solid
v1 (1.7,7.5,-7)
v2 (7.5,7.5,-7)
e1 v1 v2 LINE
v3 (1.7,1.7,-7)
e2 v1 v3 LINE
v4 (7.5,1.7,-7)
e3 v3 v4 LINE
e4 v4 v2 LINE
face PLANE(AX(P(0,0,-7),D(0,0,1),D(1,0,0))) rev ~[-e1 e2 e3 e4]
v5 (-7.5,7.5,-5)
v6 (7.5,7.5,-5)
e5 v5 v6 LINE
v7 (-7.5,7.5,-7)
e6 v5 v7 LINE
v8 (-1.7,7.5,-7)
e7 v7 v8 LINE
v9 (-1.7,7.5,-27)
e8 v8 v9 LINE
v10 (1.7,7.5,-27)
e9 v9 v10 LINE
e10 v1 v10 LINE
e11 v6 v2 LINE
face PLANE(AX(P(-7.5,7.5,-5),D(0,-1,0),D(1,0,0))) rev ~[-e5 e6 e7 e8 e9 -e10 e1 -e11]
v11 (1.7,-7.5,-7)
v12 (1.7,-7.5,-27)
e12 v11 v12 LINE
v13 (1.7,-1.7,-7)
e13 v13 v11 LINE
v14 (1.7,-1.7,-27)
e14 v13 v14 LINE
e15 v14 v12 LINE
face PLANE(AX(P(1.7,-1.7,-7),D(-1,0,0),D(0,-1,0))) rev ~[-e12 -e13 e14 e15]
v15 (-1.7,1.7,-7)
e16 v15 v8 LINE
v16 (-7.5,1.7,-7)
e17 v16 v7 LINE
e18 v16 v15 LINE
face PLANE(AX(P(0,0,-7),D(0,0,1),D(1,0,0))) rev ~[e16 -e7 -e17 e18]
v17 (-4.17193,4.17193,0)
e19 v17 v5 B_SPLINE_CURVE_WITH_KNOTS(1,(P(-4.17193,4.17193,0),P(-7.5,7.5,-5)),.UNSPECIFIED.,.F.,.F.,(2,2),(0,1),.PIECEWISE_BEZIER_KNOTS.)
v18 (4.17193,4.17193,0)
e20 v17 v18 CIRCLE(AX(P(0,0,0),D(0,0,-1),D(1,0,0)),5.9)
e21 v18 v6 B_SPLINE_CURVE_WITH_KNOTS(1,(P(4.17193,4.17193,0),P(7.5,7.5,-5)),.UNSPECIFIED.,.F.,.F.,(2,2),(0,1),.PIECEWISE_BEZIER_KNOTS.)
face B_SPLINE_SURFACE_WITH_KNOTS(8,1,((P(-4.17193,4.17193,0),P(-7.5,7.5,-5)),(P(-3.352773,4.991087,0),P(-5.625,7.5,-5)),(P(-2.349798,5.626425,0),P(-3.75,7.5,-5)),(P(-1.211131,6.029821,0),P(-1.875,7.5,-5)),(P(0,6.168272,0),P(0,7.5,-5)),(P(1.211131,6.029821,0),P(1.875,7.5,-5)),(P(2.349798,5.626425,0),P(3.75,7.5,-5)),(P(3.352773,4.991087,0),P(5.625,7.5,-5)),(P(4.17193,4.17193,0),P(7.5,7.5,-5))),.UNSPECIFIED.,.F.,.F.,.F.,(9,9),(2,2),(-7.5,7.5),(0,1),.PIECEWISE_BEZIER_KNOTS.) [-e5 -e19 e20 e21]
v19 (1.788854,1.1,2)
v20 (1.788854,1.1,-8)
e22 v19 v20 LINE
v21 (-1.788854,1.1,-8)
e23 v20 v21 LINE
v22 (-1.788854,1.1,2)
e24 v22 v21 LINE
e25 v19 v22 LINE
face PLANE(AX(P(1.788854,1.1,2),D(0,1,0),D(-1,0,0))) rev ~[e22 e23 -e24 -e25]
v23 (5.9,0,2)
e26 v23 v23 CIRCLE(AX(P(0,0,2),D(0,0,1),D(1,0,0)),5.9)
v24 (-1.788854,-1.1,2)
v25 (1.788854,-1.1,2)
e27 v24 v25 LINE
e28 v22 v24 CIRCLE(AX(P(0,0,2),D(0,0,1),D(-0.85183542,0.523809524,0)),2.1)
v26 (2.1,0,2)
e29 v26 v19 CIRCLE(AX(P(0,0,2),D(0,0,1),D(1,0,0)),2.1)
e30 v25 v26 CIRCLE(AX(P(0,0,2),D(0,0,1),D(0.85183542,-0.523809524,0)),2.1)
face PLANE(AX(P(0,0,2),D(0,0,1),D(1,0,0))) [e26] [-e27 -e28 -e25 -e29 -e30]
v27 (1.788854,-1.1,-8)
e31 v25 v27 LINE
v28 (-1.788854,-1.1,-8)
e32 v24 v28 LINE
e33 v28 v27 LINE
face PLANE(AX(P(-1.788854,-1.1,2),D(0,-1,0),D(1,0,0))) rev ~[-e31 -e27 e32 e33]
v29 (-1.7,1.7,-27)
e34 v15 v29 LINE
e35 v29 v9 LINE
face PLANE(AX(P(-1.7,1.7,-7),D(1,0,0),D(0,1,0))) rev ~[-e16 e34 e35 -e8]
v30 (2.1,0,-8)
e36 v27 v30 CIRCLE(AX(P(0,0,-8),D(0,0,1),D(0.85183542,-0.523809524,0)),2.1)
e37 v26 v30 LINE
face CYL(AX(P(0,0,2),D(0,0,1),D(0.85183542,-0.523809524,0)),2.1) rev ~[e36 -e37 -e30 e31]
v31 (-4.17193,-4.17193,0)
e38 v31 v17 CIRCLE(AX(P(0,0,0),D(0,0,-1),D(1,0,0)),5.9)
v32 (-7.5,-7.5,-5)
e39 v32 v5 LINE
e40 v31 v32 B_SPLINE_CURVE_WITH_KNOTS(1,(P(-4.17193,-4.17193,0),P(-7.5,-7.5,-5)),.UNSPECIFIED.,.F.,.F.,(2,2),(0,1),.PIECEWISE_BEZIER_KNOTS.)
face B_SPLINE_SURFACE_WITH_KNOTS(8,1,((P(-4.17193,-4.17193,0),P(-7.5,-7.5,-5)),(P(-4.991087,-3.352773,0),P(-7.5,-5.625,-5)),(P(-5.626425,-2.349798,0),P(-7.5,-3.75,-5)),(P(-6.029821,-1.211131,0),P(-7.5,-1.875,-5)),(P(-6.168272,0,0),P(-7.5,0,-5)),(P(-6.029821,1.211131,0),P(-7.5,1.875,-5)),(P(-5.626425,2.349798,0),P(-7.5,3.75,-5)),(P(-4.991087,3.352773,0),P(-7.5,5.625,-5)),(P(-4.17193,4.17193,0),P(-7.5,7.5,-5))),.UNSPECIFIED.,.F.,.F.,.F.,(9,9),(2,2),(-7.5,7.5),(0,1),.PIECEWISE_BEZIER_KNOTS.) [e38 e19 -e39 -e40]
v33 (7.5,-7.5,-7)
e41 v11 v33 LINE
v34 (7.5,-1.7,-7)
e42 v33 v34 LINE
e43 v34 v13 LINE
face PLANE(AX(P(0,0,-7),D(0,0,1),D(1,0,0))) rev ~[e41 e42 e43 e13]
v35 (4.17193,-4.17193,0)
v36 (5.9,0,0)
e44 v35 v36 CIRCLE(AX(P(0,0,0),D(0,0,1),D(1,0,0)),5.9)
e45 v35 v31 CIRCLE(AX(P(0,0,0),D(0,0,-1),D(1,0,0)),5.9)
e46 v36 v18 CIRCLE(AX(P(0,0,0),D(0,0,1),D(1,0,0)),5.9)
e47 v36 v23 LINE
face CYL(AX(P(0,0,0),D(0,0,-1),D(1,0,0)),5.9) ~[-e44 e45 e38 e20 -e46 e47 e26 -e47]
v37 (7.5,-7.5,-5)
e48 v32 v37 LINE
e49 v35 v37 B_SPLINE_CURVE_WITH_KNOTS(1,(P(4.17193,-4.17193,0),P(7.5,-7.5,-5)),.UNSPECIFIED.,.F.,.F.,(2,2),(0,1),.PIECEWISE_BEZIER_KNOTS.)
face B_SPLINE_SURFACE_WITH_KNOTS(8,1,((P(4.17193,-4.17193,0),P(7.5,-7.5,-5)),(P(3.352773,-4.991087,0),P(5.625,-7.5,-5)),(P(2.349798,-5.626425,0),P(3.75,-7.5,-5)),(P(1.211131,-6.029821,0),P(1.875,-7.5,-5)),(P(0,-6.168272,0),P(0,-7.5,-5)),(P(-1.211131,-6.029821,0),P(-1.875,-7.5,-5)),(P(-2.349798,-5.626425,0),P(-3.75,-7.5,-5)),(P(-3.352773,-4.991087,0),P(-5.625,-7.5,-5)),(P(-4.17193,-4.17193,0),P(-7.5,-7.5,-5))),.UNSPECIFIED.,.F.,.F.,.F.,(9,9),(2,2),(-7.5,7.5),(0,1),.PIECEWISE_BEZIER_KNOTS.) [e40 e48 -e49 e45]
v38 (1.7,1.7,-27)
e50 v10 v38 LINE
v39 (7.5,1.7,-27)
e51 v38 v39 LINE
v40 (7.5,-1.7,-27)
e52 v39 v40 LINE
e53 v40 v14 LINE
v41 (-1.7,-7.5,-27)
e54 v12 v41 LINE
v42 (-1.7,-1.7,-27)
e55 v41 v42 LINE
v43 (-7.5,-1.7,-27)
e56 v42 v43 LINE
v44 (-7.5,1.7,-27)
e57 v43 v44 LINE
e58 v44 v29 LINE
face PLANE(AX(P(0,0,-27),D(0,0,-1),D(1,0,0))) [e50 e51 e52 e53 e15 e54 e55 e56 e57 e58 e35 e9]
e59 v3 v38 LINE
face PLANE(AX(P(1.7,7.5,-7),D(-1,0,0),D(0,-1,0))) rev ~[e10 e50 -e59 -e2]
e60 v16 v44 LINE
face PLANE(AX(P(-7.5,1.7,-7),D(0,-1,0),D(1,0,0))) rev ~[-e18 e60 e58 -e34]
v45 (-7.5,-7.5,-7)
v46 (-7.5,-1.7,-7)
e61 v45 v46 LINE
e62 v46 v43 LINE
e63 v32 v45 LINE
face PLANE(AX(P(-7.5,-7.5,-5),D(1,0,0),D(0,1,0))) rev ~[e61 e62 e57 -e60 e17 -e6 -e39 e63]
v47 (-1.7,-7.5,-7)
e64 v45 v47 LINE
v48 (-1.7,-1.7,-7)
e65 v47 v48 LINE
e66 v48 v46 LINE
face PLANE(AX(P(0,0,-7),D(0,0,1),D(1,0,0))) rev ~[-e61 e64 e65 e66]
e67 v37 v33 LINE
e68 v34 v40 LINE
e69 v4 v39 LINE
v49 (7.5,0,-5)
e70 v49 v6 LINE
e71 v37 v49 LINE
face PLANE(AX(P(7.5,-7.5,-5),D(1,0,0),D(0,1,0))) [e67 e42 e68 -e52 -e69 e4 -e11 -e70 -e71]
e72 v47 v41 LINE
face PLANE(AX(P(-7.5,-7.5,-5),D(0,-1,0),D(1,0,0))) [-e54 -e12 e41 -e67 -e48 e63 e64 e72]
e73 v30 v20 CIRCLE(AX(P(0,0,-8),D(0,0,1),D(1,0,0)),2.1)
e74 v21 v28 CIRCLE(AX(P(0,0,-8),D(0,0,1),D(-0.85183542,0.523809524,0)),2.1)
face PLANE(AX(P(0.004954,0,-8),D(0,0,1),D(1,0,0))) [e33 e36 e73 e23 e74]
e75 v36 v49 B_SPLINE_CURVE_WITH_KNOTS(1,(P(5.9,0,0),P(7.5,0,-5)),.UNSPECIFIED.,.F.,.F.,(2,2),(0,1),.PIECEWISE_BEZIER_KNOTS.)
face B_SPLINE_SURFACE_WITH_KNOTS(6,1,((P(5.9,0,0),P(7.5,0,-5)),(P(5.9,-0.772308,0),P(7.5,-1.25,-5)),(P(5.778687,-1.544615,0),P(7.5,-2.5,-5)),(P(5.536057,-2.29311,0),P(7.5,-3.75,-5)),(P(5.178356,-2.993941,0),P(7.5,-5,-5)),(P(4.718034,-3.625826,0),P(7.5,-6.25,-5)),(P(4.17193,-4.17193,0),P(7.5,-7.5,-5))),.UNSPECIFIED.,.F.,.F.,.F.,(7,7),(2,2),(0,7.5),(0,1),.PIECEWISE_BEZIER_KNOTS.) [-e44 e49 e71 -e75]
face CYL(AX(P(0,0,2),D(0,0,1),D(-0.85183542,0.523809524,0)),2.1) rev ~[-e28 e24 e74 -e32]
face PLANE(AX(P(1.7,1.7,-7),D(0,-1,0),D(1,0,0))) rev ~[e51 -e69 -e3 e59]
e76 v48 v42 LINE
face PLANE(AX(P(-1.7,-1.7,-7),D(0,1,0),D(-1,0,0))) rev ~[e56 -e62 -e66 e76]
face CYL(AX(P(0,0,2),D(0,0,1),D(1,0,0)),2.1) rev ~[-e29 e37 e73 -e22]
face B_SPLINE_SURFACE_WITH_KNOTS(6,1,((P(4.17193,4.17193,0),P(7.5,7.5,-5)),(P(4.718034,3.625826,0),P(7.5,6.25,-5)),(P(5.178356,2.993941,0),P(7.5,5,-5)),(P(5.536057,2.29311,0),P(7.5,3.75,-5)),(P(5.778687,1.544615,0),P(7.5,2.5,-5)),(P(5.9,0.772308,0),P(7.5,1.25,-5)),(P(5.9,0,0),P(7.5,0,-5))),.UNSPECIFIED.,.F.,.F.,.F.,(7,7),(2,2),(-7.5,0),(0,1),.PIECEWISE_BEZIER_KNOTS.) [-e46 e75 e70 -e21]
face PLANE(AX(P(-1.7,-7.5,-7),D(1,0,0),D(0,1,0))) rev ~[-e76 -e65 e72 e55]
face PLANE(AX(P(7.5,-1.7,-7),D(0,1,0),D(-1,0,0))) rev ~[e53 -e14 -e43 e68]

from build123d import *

# Parameters (mm, degrees)
F0_R      = 3.9
F0_R_2    = 2.4
F1_DEPTH  = 2
F0_R_3    = 5.9
F2_DEPTH  = 2
F4_W      = 15
F4_H      = 15
F5_DEPTH  = 2
F2_FACE_R = 5.9
F5_FACE_W = 15
F5_FACE_H = 15
F8_DEPTH  = 20
F10_DEPTH = 10


with BuildPart() as f1:
    # F0 (on Top) → F1 (new body)
    with BuildSketch(Plane.XY):
        Circle(F0_R)
        Circle(F0_R_2, mode=Mode.SUBTRACT)
        Circle(F0_R_2)
    extrude(amount=F1_DEPTH)

    # F0 (on Top) → F2 (join)
    with BuildSketch(Plane.XY):
        Circle(F0_R_3)
        Circle(F0_R, mode=Mode.SUBTRACT)
    extrude(amount=F2_DEPTH)



with BuildPart() as f5:
    # F4 (on offset) → F5 (new body)
    with BuildSketch(Plane.XY.offset(-5)):
        Rectangle(F4_W, F4_H)
    extrude(amount=-F5_DEPTH)


with BuildPart() as f1_1:
    add(f1.part)

    add(f5.part)  # F6 merges F5
    # F2_face (on face) → F6 section 0
    with BuildSketch(Plane(origin=(0, 0, 0), x_dir=(1, 0, 0), z_dir=(0, 0, -1))):
        Circle(F2_FACE_R)
    # F5_face (on face) → F6 section 1
    with BuildSketch(Plane.XY.offset(-5)):
        Rectangle(F5_FACE_W, F5_FACE_H)
    loft()

    # F7 (on face) → F8 (join)
    with BuildSketch(Plane(origin=(0, 0, -7), x_dir=(1, 0, 0), z_dir=(0, 0, -1))):
        Polygon((-7.5, 1.7), (-7.5, -1.7), (-1.7, -1.7), (-1.7, -7.5), (1.7, -7.5), (1.7, -1.7), (7.5, -1.7), (7.5, 1.7), (1.7, 1.7), (1.7, 7.5), (-1.7, 7.5), (-1.7, 1.7), align=None)
    extrude(amount=F8_DEPTH)

    # F9 (on face) → F10 (cut)
    with BuildSketch(Plane.XY.offset(2)):
        with BuildLine():
            ThreePointArc((1.788854382, -1.1), (2.020716977, -0.5715793024), (2.1, 0))
            ThreePointArc((2.1, 0), (2.020716977, 0.5715793024), (1.788854382, 1.1))
            Line((1.788854382, 1.1), (-1.788854382, 1.1))
            ThreePointArc((-1.788854382, 1.1), (-2.1, 0), (-1.788854382, -1.1))
            Line((-1.788854382, -1.1), (1.788854382, -1.1))
        make_face()
    extrude(amount=-F10_DEPTH, mode=Mode.SUBTRACT)


solid = f1_1.part
